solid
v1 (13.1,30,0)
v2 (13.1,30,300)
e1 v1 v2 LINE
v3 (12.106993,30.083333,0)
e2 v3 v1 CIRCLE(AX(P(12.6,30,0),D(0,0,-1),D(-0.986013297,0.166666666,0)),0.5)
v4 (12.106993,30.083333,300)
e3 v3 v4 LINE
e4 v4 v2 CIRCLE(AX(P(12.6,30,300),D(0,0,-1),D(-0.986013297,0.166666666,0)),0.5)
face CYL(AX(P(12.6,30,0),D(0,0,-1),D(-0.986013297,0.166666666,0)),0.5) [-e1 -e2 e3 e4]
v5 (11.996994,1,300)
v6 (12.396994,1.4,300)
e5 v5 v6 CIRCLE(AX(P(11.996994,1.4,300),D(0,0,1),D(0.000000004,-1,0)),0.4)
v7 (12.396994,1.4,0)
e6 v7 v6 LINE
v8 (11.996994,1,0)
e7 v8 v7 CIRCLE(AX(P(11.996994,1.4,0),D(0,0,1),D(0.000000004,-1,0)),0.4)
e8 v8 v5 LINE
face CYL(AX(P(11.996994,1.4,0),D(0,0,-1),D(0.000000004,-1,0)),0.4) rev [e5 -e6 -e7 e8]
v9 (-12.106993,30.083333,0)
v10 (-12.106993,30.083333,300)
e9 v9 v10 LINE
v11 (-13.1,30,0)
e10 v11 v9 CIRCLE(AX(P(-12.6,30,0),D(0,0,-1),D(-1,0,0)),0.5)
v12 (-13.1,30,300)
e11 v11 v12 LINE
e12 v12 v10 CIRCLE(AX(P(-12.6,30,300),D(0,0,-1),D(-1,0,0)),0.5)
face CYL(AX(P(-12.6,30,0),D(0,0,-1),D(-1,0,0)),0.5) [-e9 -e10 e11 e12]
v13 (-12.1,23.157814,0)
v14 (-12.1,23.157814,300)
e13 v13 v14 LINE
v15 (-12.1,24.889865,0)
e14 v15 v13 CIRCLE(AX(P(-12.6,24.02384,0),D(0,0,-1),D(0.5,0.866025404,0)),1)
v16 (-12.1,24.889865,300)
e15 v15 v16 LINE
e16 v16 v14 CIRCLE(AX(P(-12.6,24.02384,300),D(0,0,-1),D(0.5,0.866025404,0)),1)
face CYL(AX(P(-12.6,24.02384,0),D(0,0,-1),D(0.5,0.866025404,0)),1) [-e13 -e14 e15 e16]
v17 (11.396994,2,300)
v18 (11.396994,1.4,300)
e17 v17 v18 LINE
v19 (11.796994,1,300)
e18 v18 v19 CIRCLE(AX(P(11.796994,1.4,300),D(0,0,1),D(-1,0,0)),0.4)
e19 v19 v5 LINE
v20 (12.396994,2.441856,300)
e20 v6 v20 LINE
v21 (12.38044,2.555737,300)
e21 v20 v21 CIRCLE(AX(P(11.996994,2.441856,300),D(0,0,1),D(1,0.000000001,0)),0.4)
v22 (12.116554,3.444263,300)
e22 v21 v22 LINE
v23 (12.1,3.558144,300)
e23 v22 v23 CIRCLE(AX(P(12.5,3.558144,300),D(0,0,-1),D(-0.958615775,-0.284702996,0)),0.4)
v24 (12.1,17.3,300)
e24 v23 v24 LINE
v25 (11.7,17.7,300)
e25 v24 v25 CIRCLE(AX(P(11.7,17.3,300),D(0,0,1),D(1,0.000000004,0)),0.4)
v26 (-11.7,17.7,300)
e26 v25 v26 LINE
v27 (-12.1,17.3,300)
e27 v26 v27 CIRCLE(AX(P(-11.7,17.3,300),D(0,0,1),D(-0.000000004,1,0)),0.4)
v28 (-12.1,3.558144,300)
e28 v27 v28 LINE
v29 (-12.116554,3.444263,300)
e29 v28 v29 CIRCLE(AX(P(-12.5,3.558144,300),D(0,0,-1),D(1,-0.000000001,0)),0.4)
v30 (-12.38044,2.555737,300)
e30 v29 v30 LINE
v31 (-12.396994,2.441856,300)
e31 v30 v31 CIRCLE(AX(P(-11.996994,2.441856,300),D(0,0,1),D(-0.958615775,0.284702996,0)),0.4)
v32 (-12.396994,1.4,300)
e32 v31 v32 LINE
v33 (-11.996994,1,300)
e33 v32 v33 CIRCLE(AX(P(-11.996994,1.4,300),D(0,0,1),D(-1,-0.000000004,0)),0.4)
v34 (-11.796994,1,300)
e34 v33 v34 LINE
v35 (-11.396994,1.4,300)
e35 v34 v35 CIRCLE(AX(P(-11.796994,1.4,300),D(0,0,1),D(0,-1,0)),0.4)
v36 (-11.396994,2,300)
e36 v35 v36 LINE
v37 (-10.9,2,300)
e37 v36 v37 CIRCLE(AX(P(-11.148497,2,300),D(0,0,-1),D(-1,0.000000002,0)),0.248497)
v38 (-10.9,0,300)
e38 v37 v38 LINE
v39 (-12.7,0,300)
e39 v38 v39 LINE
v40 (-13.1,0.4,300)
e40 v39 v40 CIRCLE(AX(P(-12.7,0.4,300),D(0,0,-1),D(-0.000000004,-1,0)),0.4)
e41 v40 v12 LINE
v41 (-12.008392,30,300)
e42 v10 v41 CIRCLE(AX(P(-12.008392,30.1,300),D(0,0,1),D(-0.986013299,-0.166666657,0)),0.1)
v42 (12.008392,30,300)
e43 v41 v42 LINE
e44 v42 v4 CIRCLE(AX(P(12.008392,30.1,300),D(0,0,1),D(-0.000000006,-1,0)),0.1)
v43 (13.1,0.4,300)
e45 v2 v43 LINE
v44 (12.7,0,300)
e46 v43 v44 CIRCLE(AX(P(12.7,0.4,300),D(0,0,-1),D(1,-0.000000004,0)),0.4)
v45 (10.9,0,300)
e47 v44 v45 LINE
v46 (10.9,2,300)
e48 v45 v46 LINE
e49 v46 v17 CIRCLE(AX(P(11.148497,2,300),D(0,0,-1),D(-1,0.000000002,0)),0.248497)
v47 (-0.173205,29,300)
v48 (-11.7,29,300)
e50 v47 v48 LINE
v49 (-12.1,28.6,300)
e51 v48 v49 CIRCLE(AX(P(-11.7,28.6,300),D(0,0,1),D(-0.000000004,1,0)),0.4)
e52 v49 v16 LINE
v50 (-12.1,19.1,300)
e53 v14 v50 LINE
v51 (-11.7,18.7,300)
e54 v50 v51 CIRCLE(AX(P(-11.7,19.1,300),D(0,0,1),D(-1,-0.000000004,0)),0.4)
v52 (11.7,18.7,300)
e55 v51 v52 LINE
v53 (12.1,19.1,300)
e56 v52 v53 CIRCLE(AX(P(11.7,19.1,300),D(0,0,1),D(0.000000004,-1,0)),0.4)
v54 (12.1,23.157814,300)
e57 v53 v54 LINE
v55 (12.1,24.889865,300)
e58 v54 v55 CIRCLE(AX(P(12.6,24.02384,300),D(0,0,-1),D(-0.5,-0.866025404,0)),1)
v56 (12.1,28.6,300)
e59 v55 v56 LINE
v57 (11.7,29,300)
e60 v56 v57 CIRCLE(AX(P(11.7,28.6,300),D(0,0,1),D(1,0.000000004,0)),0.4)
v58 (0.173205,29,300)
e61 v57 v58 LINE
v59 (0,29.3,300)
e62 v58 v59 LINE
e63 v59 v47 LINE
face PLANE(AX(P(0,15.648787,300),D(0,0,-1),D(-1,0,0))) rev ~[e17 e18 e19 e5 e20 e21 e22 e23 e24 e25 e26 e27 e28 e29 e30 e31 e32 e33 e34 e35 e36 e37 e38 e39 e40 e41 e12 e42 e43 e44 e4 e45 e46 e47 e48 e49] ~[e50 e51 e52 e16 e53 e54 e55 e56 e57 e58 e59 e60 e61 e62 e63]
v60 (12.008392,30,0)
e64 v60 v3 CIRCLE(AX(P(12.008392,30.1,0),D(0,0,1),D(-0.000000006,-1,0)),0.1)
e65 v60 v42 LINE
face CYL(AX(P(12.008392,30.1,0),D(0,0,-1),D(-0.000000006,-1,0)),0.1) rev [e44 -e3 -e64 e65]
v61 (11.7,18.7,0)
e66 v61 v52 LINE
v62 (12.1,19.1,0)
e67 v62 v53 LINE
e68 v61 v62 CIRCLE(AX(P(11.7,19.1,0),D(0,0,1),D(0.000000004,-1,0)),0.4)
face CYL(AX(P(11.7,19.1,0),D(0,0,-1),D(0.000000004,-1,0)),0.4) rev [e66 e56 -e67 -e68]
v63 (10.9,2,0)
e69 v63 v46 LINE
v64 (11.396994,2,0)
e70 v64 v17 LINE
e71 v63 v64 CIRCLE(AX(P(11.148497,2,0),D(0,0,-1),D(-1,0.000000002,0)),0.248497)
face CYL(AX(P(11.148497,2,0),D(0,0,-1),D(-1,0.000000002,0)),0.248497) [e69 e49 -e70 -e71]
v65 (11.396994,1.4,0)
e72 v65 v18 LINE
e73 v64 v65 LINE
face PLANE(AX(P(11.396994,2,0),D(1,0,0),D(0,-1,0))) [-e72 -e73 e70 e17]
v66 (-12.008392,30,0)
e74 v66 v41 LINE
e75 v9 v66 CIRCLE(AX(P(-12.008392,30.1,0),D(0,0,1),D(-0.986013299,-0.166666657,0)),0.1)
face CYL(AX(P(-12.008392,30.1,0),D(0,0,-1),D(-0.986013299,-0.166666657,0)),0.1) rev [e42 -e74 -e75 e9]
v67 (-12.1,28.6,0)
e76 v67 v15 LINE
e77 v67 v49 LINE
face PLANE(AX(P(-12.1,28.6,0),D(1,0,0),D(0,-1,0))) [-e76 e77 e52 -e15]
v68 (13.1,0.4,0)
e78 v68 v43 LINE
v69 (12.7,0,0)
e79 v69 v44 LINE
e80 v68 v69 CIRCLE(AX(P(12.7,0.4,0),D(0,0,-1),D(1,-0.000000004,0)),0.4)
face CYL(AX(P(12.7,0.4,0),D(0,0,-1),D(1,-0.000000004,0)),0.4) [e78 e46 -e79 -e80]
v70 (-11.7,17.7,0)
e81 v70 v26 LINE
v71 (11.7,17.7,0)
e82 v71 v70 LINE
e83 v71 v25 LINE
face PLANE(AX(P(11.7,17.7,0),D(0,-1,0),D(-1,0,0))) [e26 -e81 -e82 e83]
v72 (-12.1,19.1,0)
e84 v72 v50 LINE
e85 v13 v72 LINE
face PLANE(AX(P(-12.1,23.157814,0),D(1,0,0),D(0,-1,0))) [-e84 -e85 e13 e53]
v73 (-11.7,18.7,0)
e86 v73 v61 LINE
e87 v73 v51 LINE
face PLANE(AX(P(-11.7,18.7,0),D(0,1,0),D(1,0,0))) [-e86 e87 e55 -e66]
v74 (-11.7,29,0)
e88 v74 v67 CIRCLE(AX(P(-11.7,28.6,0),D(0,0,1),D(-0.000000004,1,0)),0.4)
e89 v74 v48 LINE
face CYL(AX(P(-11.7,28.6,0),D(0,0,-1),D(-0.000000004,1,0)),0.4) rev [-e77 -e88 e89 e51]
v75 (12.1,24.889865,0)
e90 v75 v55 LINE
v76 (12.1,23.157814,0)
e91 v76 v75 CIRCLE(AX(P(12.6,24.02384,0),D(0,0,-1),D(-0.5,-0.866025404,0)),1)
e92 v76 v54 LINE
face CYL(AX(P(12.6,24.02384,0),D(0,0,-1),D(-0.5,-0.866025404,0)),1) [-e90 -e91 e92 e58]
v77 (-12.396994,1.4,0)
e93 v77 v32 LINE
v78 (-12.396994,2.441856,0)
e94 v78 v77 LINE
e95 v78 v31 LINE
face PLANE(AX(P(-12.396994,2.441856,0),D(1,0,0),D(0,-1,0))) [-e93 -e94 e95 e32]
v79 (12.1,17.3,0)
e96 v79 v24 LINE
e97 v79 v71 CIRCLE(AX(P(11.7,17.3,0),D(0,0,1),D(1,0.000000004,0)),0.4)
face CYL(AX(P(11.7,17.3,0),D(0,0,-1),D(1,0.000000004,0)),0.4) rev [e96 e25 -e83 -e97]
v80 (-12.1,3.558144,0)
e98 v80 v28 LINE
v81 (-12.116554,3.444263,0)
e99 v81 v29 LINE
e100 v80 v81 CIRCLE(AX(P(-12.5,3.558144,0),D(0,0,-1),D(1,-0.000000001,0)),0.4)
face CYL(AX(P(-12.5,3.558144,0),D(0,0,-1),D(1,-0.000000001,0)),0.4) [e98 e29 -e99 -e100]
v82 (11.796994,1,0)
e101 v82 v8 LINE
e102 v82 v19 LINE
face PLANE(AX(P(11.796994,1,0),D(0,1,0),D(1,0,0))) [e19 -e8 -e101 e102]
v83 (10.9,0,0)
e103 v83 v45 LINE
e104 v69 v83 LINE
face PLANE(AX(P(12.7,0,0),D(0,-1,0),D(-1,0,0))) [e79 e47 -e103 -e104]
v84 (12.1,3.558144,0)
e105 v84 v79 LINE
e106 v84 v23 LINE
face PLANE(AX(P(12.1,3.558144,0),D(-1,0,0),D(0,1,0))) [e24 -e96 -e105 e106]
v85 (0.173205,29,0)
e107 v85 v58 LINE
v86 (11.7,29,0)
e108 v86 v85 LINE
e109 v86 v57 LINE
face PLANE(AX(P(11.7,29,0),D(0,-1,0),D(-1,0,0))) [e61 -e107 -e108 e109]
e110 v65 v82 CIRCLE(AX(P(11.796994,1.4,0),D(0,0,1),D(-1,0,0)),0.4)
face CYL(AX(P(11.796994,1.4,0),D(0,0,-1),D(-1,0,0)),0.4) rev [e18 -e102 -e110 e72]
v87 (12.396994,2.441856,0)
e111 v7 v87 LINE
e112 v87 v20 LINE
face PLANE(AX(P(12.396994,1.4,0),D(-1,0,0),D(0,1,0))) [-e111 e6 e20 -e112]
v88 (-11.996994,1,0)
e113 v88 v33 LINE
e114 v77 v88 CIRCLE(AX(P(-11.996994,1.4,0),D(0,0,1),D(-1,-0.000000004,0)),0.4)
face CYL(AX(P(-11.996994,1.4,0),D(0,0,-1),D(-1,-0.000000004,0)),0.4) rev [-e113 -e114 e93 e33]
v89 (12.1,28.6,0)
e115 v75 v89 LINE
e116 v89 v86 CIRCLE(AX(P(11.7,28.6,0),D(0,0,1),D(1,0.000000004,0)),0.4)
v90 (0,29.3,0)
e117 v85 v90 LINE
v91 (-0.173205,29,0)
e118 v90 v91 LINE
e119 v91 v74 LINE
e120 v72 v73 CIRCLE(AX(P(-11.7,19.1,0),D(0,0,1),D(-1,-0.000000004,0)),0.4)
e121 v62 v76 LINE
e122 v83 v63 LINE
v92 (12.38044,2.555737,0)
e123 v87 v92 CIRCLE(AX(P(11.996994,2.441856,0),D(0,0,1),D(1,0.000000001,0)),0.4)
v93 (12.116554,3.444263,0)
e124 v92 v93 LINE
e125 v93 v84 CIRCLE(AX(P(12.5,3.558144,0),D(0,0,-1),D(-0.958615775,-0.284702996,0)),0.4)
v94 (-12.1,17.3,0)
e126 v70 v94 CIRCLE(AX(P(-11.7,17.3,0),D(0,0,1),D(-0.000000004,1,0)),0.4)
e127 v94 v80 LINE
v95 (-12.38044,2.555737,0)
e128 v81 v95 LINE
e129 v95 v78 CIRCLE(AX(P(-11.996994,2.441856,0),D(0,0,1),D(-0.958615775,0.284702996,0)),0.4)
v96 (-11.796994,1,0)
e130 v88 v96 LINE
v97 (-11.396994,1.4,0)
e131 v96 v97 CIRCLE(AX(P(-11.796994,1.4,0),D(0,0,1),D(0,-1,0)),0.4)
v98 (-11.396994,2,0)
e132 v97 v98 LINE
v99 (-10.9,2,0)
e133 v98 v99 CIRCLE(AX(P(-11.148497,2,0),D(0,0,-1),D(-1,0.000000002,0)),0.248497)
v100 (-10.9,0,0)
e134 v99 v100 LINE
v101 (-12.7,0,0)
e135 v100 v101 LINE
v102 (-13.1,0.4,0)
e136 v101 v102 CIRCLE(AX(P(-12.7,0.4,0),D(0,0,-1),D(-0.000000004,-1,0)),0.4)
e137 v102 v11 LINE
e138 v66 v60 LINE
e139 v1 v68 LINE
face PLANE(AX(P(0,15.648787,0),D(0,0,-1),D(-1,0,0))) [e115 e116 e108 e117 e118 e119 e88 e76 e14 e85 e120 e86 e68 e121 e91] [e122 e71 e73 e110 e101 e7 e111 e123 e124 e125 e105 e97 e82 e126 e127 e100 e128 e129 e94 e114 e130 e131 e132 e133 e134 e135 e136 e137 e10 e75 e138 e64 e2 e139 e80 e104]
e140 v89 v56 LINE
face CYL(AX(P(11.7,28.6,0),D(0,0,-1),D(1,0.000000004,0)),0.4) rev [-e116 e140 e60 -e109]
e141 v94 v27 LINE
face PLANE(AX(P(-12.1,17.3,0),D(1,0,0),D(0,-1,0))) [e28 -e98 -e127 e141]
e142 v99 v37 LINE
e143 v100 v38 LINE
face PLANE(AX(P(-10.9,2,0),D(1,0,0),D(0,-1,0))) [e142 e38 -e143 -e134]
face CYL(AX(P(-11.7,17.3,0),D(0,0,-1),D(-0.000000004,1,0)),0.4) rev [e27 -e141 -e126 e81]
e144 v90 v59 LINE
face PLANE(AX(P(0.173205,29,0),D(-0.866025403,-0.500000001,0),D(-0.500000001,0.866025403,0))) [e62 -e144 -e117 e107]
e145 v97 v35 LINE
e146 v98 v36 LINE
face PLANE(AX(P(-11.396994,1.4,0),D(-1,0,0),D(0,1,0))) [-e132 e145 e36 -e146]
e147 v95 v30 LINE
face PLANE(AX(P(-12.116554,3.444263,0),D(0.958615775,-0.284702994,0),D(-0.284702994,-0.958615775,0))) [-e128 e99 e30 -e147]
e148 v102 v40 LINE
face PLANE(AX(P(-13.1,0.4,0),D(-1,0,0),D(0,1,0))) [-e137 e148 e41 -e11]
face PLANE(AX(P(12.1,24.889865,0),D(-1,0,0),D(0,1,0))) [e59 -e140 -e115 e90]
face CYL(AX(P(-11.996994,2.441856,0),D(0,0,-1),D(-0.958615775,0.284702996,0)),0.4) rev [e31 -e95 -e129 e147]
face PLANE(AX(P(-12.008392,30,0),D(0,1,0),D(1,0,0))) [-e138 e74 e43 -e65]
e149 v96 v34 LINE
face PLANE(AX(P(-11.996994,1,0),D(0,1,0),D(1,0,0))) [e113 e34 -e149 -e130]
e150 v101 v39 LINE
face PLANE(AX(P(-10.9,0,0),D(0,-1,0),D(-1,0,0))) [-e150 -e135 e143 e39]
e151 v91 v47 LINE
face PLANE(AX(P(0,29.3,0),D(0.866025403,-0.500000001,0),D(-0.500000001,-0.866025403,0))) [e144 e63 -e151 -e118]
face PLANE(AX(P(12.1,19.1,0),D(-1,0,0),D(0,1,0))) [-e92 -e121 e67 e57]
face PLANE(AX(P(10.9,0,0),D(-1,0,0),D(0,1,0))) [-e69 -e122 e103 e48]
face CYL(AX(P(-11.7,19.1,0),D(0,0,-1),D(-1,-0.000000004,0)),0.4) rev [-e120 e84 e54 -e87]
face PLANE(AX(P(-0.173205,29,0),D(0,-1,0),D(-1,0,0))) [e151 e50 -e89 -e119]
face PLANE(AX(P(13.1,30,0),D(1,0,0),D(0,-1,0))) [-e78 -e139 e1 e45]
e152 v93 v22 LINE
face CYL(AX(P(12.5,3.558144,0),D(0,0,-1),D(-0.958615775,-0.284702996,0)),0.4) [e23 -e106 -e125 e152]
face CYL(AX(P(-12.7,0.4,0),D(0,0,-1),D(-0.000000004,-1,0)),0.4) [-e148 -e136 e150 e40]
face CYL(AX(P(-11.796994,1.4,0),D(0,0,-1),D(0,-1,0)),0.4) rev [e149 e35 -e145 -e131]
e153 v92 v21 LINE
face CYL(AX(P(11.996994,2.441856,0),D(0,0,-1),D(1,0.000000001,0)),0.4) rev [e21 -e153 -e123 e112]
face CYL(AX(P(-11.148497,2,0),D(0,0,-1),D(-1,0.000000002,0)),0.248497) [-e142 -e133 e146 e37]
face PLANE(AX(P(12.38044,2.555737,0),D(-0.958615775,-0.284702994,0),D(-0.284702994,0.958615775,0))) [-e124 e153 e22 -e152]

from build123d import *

# Parameters (mm, degrees)
BOSS_EXTRUDE1_DEPTH = 300


with BuildPart() as part:
    # Sketch1 → Boss-Extrude1 (new body)
    with BuildSketch(Plane.XY):
        with BuildLine():
            Line((-12.008392022, 30), (12.008392022, 30))
            ThreePointArc((12.008392022, 30), (12.072941744, 30.023623738), (12.106993351, 30.083333333))
            ThreePointArc((12.106993351, 30.083333333), (12.64181313, 30.498248595), (13.1, 30))
            Line((13.1, 30), (13.1, 17.7))
            Line((13.1, 17.7), (13.1, 0.4))
            ThreePointArc((13.1, 0.4), (12.982842712, 0.117157288), (12.7, 0))
            Line((12.7, 0), (10.9, 0))
            Line((10.9, 0), (10.9, 2))
            ThreePointArc((10.9, 2), (11.148496927, 2.248496927), (11.396993855, 2))
            Line((11.396993855, 2), (11.396993855, 1.4))
            ThreePointArc((11.396993855, 1.4), (11.514151142, 1.117157288), (11.796993855, 1))
            Line((11.796993855, 1), (11.996993855, 1))
            ThreePointArc((11.996993855, 1), (12.279836567, 1.117157288), (12.396993855, 1.4))
            Line((12.396993855, 1.4), (12.396993855, 2.441856285))
            ThreePointArc((12.396993855, 2.441856285), (12.3928338, 2.499395297), (12.380440165, 2.555737483))
            Line((12.380440165, 2.555737483), (12.11655369, 3.444262517))
            ThreePointArc((12.11655369, 3.444262517), (12.104160055, 3.500604703), (12.1, 3.558143715))
            Line((12.1, 3.558143715), (12.1, 17.3))
            ThreePointArc((12.1, 17.3), (11.982842712, 17.582842712), (11.7, 17.7))
            Line((11.7, 17.7), (-11.7, 17.7))
            ThreePointArc((-11.7, 17.7), (-11.982842712, 17.582842712), (-12.1, 17.3))
            Line((-12.1, 17.3), (-12.1, 3.558143715))
            ThreePointArc((-12.1, 3.558143715), (-12.104160055, 3.500604703), (-12.11655369, 3.444262517))
            Line((-12.11655369, 3.444262517), (-12.380440165, 2.555737483))
            ThreePointArc((-12.380440165, 2.555737483), (-12.3928338, 2.499395297), (-12.396993855, 2.441856285))
            Line((-12.396993855, 2.441856285), (-12.396993855, 1.4))
            ThreePointArc((-12.396993855, 1.4), (-12.279836567, 1.117157288), (-11.996993855, 1))
            Line((-11.996993855, 1), (-11.796993855, 1))
            ThreePointArc((-11.796993855, 1), (-11.514151142, 1.117157288), (-11.396993855, 1.4))
            Line((-11.396993855, 1.4), (-11.396993855, 2))
            ThreePointArc((-11.396993855, 2), (-11.148496927, 2.248496927), (-10.9, 2))
            Line((-10.9, 2), (-10.9, 0))
            Line((-10.9, 0), (-12.7, 0))
            ThreePointArc((-12.7, 0), (-12.982842712, 0.117157288), (-13.1, 0.4))
            Line((-13.1, 0.4), (-13.1, 17.7))
            Line((-13.1, 17.7), (-13.1, 30))
            ThreePointArc((-13.1, 30), (-12.64181313, 30.498248595), (-12.106993351, 30.083333333))
            ThreePointArc((-12.106993351, 30.083333333), (-12.072941744, 30.023623738), (-12.008392022, 30))
        make_face()
        with BuildLine():
            Line((-12.1, 28.6), (-12.1, 24.889865053))
            ThreePointArc((-12.1, 24.889865053), (-11.6, 24.02383965), (-12.1, 23.157814246))
            Line((-12.1, 23.157814246), (-12.1, 19.1))
            ThreePointArc((-12.1, 19.1), (-11.982842712, 18.817157288), (-11.7, 18.7))
            Line((-11.7, 18.7), (11.7, 18.7))
            ThreePointArc((11.7, 18.7), (11.982842712, 18.817157288), (12.1, 19.1))
            Line((12.1, 19.1), (12.1, 23.157814246))
            ThreePointArc((12.1, 23.157814246), (11.6, 24.02383965), (12.1, 24.889865053))
            Line((12.1, 24.889865053), (12.1, 28.6))
            ThreePointArc((12.1, 28.6), (11.982842712, 28.882842712), (11.7, 29))
            Line((11.7, 29), (0.173205081, 29))
            Line((0.173205081, 29), (0, 29.3))
            Line((0, 29.3), (-0.173205081, 29))
            Line((-0.173205081, 29), (-11.7, 29))
            ThreePointArc((-11.7, 29), (-11.982842712, 28.882842712), (-12.1, 28.6))
        make_face(mode=Mode.SUBTRACT)
    extrude(amount=BOSS_EXTRUDE1_DEPTH)


solid = part.part
